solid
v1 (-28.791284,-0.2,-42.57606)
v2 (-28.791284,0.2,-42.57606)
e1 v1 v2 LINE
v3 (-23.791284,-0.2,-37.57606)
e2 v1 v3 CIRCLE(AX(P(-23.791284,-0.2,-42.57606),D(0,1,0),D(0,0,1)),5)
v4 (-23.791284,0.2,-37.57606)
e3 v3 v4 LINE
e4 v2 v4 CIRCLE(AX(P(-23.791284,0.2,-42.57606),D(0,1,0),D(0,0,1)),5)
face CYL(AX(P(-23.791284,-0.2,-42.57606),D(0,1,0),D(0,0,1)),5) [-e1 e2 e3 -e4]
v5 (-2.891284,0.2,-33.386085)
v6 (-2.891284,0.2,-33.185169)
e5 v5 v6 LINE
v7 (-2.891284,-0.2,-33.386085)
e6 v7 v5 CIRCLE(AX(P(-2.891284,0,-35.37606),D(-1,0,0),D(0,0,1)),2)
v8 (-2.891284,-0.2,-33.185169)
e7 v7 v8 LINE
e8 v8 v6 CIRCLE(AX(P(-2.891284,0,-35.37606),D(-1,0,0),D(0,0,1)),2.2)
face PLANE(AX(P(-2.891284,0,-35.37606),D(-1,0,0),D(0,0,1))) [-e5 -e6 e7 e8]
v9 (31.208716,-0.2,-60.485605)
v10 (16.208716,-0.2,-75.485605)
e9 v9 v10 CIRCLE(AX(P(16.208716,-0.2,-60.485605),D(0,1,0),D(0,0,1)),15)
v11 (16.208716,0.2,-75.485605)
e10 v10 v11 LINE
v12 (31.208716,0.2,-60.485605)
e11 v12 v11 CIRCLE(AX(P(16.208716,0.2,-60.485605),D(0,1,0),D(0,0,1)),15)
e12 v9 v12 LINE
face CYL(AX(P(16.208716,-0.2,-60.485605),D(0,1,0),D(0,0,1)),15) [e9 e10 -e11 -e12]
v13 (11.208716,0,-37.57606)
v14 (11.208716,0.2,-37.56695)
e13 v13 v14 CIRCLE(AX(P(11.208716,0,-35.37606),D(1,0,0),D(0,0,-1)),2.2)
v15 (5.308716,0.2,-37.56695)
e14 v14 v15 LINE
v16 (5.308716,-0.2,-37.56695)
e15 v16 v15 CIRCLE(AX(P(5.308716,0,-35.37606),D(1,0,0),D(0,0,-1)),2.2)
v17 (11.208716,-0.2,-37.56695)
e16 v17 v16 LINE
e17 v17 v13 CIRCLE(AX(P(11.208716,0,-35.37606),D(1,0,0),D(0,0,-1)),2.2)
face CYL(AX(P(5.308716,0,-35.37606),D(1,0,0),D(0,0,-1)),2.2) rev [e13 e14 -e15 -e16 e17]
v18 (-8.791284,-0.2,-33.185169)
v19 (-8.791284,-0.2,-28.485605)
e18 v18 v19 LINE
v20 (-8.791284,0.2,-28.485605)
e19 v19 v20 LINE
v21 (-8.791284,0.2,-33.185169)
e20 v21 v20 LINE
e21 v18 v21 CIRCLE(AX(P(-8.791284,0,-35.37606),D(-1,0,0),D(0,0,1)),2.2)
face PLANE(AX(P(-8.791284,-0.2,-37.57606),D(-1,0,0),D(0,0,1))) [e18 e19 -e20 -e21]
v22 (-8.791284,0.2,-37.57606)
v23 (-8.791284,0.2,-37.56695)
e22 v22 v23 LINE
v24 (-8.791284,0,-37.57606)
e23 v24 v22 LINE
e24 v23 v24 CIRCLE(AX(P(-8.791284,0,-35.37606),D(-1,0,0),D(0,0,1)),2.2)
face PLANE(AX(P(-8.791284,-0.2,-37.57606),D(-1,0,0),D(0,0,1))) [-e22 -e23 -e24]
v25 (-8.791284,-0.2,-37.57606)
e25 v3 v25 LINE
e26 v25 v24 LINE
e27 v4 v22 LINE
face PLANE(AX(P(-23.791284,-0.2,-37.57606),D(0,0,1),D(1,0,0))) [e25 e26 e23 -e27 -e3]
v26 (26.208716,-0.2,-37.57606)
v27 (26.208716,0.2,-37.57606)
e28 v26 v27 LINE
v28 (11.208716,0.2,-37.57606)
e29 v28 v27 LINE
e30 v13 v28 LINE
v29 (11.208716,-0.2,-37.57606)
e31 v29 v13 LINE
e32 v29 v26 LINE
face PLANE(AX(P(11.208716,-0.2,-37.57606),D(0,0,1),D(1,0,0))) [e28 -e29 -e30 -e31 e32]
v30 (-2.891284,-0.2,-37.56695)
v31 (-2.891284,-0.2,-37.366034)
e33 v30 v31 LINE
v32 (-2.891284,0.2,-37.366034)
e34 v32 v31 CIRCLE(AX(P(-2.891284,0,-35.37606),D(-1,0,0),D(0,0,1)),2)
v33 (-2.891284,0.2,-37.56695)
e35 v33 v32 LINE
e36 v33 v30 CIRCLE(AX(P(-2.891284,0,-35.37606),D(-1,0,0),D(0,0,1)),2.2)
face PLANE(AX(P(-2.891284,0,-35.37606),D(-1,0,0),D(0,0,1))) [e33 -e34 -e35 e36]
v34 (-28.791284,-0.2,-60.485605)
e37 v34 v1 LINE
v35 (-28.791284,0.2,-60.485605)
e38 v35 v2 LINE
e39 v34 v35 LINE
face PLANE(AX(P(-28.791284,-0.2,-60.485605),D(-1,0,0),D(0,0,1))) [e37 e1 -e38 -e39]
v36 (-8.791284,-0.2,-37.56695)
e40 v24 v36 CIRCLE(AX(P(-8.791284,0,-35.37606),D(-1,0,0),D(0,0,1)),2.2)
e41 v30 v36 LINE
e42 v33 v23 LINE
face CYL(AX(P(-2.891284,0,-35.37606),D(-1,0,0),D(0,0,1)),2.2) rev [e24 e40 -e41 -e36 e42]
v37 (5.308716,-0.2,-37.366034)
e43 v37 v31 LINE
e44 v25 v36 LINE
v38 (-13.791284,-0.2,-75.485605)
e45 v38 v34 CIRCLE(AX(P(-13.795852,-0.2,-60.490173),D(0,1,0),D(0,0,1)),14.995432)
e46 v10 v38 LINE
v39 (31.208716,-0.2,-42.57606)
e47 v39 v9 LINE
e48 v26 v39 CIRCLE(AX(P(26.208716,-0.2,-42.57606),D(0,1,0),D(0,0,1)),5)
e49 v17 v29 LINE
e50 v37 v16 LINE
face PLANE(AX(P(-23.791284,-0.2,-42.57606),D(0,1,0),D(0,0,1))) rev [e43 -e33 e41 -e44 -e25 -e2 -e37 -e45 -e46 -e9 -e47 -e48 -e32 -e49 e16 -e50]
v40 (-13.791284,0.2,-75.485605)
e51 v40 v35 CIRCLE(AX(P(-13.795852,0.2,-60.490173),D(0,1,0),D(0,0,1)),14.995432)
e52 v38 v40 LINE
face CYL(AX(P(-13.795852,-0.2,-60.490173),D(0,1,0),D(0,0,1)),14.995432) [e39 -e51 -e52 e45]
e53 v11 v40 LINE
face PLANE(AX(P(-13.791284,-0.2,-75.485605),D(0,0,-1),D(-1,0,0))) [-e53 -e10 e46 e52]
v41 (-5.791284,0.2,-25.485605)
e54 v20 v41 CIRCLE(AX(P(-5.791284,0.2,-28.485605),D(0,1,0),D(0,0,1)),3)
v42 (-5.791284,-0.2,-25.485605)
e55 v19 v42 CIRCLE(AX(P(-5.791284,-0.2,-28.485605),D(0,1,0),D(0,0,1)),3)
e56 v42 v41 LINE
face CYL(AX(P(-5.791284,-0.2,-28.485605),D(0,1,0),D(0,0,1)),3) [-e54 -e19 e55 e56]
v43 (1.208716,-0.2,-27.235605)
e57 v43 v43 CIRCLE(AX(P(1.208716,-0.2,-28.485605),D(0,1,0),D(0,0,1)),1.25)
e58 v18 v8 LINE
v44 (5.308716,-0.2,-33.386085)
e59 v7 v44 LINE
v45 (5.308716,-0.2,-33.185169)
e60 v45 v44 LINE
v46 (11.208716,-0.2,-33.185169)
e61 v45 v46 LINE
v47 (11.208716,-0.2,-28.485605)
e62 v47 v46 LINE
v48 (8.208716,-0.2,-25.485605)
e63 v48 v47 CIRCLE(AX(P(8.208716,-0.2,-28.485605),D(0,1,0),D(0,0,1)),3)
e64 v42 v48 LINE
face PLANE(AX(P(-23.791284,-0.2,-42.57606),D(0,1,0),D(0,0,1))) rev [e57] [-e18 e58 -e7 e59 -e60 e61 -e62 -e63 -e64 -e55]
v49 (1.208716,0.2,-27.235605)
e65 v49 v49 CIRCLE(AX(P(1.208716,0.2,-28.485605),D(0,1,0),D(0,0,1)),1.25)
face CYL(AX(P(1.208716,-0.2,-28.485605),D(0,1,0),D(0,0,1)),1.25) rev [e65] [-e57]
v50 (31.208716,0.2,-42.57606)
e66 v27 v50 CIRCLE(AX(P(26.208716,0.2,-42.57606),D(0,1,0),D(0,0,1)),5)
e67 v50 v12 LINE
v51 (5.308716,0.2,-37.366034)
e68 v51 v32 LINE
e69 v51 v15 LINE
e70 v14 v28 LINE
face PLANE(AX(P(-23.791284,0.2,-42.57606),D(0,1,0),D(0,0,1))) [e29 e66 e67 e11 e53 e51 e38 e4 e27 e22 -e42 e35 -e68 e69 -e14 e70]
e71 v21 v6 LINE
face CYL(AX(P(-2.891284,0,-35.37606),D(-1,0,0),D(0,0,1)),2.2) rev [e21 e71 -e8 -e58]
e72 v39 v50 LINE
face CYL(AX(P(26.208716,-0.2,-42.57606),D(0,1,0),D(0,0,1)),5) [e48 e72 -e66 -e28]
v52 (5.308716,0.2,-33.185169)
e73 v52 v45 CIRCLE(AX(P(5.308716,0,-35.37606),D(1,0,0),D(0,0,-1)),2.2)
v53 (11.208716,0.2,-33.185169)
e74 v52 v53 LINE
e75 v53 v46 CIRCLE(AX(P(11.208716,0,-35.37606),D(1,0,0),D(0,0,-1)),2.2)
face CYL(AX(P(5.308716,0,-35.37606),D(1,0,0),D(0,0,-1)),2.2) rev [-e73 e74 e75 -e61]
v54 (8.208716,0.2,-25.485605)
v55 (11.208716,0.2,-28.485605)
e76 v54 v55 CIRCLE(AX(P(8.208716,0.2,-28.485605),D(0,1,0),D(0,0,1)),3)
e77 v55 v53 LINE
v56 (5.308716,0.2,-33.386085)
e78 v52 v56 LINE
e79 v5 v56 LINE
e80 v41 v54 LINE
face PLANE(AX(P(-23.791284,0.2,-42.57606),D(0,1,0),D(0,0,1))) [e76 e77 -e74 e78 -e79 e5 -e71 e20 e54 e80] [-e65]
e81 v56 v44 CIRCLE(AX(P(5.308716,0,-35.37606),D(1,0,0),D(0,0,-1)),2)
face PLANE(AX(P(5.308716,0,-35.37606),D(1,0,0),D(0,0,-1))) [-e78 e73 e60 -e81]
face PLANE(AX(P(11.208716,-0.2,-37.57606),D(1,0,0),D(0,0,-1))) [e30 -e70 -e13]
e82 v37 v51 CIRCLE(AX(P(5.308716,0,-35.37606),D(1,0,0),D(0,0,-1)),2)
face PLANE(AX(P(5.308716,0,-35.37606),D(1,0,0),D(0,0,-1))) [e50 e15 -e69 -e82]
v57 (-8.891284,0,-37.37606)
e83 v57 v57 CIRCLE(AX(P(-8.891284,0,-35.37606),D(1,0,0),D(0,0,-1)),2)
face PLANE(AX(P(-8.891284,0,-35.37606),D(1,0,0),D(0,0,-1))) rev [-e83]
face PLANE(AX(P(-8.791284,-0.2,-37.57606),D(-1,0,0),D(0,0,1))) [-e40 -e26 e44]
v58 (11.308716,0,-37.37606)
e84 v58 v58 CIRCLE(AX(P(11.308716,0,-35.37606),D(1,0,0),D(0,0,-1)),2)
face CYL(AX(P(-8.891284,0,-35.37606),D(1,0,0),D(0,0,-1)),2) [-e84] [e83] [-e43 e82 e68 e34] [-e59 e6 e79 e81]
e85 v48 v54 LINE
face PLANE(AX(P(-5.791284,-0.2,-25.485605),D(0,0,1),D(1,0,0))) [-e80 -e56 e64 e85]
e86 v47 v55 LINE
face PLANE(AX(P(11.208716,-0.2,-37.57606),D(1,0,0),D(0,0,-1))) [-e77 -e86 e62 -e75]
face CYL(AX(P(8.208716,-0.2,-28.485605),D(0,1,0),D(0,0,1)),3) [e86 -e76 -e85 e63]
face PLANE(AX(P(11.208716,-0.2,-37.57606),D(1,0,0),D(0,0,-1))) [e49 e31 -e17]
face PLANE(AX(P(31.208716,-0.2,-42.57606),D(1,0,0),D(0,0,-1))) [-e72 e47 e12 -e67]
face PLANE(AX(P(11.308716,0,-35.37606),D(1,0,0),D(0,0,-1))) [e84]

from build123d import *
from build123d.topology import SkipClean

# Parameters (mm, degrees)
EXTRUDE_1_DEPTH      = 0.2
EXTRUDE_1_DEPTH_BACK = 0.2
SKETCH_2_R           = 1.25
EXTRUDE_3_DEPTH      = 0.1
EXTRUDE_3_DEPTH_BACK = 20.1
SKETCH_4_R           = 2
SKETCH_6_R           = 2.2
SKETCH_6_R_2         = 2
CUT_EXTRUDE_2_DEPTH  = 6
CUT_EXTRUDE_START    = -6
SKETCH_7_R           = 2.2
SKETCH_7_R_2         = 2
CUT_EXTRUDE_3_DEPTH  = 6


with BuildPart() as part:
    # 草图2 → 凸台-拉伸1 (new, two sides: drawn at the far end of the back side and taken through both)
    with BuildSketch(Plane(origin=(0, 0, 0), x_dir=(1, 0, 0), z_dir=(0, 1, 0)).offset(-EXTRUDE_1_DEPTH_BACK)):
        with BuildLine():
            Line((-23.791283512, 37.576059538), (-8.791283512, 37.576059538))
            Line((-8.791283512, 37.576059538), (-8.791283512, 28.485605042))
            ThreePointArc((-8.791283512, 28.485605042), (-7.912603856, 26.364284699), (-5.791283512, 25.485605042))
            Line((-5.791283512, 25.485605042), (8.208716488, 25.485605042))
            ThreePointArc((8.208716488, 25.485605042), (10.330036831, 26.364284699), (11.208716488, 28.485605042))
            Line((11.208716488, 28.485605042), (11.208716488, 37.576059538))
            Line((11.208716488, 37.576059538), (26.208716488, 37.576059538))
            ThreePointArc((26.208716488, 37.576059538), (29.744250394, 39.040525632), (31.208716488, 42.576059538))
            Line((31.208716488, 42.576059538), (31.208716488, 60.485605042))
            ThreePointArc((31.208716488, 60.485605042), (26.815318205, 71.09220676), (16.208716488, 75.485605042))
            Line((16.208716488, 75.485605042), (-13.791283512, 75.485605042))
            ThreePointArc((-13.791283512, 75.485605042), (-24.399223726, 71.093545256), (-28.791283512, 60.485605042))
            Line((-28.791283512, 60.485605042), (-28.791283512, 42.576059538))
            ThreePointArc((-28.791283512, 42.576059538), (-27.326817418, 39.040525632), (-23.791283512, 37.576059538))
        make_face()
        with Locations((1.208716488, 28.485605042)):
            Circle(SKETCH_2_R, mode=Mode.SUBTRACT)
    extrude(amount=EXTRUDE_1_DEPTH + EXTRUDE_1_DEPTH_BACK)

    # 草图4 → 凸台-拉伸3 (add, two sides: drawn at the far end of the back side and taken through both)
    with BuildSketch(Plane(origin=(11.208716488, 0, 0), x_dir=(0, 0, -1), z_dir=(1, 0, 0)).offset(-EXTRUDE_3_DEPTH_BACK)):
        with Locations((35.376059538, 0)):
            Circle(SKETCH_4_R)
    extrude(amount=EXTRUDE_3_DEPTH + EXTRUDE_3_DEPTH_BACK)

    # 草图6 → 切除-拉伸2 (cut)
    with SkipClean():  # the faces are left unmerged after this step: merging them gives an invalid solid
        with BuildSketch(Plane.ZY.offset(8.891283512)):
            with Locations((-35.376059538, 0)):
                Circle(SKETCH_6_R)
            with Locations((-35.376059538, 0)):
                Circle(SKETCH_6_R_2, mode=Mode.SUBTRACT)
        extrude(amount=-CUT_EXTRUDE_2_DEPTH, mode=Mode.SUBTRACT)
    add(part.part.scale(1), mode=Mode.REPLACE)  # the faces are merged on a copy

    # 草图7 → 切除-拉伸3 (cut)
    with BuildSketch(Plane(origin=(11.308716488, 0, 0), x_dir=(0, 0, -1), z_dir=(1, 0, 0)).offset(CUT_EXTRUDE_START)):
        with Locations((35.376059538, 0)):
            Circle(SKETCH_7_R)
        with Locations((35.376059538, 0)):
            Circle(SKETCH_7_R_2, mode=Mode.SUBTRACT)
    extrude(amount=CUT_EXTRUDE_3_DEPTH, mode=Mode.SUBTRACT)


solid = part.part
